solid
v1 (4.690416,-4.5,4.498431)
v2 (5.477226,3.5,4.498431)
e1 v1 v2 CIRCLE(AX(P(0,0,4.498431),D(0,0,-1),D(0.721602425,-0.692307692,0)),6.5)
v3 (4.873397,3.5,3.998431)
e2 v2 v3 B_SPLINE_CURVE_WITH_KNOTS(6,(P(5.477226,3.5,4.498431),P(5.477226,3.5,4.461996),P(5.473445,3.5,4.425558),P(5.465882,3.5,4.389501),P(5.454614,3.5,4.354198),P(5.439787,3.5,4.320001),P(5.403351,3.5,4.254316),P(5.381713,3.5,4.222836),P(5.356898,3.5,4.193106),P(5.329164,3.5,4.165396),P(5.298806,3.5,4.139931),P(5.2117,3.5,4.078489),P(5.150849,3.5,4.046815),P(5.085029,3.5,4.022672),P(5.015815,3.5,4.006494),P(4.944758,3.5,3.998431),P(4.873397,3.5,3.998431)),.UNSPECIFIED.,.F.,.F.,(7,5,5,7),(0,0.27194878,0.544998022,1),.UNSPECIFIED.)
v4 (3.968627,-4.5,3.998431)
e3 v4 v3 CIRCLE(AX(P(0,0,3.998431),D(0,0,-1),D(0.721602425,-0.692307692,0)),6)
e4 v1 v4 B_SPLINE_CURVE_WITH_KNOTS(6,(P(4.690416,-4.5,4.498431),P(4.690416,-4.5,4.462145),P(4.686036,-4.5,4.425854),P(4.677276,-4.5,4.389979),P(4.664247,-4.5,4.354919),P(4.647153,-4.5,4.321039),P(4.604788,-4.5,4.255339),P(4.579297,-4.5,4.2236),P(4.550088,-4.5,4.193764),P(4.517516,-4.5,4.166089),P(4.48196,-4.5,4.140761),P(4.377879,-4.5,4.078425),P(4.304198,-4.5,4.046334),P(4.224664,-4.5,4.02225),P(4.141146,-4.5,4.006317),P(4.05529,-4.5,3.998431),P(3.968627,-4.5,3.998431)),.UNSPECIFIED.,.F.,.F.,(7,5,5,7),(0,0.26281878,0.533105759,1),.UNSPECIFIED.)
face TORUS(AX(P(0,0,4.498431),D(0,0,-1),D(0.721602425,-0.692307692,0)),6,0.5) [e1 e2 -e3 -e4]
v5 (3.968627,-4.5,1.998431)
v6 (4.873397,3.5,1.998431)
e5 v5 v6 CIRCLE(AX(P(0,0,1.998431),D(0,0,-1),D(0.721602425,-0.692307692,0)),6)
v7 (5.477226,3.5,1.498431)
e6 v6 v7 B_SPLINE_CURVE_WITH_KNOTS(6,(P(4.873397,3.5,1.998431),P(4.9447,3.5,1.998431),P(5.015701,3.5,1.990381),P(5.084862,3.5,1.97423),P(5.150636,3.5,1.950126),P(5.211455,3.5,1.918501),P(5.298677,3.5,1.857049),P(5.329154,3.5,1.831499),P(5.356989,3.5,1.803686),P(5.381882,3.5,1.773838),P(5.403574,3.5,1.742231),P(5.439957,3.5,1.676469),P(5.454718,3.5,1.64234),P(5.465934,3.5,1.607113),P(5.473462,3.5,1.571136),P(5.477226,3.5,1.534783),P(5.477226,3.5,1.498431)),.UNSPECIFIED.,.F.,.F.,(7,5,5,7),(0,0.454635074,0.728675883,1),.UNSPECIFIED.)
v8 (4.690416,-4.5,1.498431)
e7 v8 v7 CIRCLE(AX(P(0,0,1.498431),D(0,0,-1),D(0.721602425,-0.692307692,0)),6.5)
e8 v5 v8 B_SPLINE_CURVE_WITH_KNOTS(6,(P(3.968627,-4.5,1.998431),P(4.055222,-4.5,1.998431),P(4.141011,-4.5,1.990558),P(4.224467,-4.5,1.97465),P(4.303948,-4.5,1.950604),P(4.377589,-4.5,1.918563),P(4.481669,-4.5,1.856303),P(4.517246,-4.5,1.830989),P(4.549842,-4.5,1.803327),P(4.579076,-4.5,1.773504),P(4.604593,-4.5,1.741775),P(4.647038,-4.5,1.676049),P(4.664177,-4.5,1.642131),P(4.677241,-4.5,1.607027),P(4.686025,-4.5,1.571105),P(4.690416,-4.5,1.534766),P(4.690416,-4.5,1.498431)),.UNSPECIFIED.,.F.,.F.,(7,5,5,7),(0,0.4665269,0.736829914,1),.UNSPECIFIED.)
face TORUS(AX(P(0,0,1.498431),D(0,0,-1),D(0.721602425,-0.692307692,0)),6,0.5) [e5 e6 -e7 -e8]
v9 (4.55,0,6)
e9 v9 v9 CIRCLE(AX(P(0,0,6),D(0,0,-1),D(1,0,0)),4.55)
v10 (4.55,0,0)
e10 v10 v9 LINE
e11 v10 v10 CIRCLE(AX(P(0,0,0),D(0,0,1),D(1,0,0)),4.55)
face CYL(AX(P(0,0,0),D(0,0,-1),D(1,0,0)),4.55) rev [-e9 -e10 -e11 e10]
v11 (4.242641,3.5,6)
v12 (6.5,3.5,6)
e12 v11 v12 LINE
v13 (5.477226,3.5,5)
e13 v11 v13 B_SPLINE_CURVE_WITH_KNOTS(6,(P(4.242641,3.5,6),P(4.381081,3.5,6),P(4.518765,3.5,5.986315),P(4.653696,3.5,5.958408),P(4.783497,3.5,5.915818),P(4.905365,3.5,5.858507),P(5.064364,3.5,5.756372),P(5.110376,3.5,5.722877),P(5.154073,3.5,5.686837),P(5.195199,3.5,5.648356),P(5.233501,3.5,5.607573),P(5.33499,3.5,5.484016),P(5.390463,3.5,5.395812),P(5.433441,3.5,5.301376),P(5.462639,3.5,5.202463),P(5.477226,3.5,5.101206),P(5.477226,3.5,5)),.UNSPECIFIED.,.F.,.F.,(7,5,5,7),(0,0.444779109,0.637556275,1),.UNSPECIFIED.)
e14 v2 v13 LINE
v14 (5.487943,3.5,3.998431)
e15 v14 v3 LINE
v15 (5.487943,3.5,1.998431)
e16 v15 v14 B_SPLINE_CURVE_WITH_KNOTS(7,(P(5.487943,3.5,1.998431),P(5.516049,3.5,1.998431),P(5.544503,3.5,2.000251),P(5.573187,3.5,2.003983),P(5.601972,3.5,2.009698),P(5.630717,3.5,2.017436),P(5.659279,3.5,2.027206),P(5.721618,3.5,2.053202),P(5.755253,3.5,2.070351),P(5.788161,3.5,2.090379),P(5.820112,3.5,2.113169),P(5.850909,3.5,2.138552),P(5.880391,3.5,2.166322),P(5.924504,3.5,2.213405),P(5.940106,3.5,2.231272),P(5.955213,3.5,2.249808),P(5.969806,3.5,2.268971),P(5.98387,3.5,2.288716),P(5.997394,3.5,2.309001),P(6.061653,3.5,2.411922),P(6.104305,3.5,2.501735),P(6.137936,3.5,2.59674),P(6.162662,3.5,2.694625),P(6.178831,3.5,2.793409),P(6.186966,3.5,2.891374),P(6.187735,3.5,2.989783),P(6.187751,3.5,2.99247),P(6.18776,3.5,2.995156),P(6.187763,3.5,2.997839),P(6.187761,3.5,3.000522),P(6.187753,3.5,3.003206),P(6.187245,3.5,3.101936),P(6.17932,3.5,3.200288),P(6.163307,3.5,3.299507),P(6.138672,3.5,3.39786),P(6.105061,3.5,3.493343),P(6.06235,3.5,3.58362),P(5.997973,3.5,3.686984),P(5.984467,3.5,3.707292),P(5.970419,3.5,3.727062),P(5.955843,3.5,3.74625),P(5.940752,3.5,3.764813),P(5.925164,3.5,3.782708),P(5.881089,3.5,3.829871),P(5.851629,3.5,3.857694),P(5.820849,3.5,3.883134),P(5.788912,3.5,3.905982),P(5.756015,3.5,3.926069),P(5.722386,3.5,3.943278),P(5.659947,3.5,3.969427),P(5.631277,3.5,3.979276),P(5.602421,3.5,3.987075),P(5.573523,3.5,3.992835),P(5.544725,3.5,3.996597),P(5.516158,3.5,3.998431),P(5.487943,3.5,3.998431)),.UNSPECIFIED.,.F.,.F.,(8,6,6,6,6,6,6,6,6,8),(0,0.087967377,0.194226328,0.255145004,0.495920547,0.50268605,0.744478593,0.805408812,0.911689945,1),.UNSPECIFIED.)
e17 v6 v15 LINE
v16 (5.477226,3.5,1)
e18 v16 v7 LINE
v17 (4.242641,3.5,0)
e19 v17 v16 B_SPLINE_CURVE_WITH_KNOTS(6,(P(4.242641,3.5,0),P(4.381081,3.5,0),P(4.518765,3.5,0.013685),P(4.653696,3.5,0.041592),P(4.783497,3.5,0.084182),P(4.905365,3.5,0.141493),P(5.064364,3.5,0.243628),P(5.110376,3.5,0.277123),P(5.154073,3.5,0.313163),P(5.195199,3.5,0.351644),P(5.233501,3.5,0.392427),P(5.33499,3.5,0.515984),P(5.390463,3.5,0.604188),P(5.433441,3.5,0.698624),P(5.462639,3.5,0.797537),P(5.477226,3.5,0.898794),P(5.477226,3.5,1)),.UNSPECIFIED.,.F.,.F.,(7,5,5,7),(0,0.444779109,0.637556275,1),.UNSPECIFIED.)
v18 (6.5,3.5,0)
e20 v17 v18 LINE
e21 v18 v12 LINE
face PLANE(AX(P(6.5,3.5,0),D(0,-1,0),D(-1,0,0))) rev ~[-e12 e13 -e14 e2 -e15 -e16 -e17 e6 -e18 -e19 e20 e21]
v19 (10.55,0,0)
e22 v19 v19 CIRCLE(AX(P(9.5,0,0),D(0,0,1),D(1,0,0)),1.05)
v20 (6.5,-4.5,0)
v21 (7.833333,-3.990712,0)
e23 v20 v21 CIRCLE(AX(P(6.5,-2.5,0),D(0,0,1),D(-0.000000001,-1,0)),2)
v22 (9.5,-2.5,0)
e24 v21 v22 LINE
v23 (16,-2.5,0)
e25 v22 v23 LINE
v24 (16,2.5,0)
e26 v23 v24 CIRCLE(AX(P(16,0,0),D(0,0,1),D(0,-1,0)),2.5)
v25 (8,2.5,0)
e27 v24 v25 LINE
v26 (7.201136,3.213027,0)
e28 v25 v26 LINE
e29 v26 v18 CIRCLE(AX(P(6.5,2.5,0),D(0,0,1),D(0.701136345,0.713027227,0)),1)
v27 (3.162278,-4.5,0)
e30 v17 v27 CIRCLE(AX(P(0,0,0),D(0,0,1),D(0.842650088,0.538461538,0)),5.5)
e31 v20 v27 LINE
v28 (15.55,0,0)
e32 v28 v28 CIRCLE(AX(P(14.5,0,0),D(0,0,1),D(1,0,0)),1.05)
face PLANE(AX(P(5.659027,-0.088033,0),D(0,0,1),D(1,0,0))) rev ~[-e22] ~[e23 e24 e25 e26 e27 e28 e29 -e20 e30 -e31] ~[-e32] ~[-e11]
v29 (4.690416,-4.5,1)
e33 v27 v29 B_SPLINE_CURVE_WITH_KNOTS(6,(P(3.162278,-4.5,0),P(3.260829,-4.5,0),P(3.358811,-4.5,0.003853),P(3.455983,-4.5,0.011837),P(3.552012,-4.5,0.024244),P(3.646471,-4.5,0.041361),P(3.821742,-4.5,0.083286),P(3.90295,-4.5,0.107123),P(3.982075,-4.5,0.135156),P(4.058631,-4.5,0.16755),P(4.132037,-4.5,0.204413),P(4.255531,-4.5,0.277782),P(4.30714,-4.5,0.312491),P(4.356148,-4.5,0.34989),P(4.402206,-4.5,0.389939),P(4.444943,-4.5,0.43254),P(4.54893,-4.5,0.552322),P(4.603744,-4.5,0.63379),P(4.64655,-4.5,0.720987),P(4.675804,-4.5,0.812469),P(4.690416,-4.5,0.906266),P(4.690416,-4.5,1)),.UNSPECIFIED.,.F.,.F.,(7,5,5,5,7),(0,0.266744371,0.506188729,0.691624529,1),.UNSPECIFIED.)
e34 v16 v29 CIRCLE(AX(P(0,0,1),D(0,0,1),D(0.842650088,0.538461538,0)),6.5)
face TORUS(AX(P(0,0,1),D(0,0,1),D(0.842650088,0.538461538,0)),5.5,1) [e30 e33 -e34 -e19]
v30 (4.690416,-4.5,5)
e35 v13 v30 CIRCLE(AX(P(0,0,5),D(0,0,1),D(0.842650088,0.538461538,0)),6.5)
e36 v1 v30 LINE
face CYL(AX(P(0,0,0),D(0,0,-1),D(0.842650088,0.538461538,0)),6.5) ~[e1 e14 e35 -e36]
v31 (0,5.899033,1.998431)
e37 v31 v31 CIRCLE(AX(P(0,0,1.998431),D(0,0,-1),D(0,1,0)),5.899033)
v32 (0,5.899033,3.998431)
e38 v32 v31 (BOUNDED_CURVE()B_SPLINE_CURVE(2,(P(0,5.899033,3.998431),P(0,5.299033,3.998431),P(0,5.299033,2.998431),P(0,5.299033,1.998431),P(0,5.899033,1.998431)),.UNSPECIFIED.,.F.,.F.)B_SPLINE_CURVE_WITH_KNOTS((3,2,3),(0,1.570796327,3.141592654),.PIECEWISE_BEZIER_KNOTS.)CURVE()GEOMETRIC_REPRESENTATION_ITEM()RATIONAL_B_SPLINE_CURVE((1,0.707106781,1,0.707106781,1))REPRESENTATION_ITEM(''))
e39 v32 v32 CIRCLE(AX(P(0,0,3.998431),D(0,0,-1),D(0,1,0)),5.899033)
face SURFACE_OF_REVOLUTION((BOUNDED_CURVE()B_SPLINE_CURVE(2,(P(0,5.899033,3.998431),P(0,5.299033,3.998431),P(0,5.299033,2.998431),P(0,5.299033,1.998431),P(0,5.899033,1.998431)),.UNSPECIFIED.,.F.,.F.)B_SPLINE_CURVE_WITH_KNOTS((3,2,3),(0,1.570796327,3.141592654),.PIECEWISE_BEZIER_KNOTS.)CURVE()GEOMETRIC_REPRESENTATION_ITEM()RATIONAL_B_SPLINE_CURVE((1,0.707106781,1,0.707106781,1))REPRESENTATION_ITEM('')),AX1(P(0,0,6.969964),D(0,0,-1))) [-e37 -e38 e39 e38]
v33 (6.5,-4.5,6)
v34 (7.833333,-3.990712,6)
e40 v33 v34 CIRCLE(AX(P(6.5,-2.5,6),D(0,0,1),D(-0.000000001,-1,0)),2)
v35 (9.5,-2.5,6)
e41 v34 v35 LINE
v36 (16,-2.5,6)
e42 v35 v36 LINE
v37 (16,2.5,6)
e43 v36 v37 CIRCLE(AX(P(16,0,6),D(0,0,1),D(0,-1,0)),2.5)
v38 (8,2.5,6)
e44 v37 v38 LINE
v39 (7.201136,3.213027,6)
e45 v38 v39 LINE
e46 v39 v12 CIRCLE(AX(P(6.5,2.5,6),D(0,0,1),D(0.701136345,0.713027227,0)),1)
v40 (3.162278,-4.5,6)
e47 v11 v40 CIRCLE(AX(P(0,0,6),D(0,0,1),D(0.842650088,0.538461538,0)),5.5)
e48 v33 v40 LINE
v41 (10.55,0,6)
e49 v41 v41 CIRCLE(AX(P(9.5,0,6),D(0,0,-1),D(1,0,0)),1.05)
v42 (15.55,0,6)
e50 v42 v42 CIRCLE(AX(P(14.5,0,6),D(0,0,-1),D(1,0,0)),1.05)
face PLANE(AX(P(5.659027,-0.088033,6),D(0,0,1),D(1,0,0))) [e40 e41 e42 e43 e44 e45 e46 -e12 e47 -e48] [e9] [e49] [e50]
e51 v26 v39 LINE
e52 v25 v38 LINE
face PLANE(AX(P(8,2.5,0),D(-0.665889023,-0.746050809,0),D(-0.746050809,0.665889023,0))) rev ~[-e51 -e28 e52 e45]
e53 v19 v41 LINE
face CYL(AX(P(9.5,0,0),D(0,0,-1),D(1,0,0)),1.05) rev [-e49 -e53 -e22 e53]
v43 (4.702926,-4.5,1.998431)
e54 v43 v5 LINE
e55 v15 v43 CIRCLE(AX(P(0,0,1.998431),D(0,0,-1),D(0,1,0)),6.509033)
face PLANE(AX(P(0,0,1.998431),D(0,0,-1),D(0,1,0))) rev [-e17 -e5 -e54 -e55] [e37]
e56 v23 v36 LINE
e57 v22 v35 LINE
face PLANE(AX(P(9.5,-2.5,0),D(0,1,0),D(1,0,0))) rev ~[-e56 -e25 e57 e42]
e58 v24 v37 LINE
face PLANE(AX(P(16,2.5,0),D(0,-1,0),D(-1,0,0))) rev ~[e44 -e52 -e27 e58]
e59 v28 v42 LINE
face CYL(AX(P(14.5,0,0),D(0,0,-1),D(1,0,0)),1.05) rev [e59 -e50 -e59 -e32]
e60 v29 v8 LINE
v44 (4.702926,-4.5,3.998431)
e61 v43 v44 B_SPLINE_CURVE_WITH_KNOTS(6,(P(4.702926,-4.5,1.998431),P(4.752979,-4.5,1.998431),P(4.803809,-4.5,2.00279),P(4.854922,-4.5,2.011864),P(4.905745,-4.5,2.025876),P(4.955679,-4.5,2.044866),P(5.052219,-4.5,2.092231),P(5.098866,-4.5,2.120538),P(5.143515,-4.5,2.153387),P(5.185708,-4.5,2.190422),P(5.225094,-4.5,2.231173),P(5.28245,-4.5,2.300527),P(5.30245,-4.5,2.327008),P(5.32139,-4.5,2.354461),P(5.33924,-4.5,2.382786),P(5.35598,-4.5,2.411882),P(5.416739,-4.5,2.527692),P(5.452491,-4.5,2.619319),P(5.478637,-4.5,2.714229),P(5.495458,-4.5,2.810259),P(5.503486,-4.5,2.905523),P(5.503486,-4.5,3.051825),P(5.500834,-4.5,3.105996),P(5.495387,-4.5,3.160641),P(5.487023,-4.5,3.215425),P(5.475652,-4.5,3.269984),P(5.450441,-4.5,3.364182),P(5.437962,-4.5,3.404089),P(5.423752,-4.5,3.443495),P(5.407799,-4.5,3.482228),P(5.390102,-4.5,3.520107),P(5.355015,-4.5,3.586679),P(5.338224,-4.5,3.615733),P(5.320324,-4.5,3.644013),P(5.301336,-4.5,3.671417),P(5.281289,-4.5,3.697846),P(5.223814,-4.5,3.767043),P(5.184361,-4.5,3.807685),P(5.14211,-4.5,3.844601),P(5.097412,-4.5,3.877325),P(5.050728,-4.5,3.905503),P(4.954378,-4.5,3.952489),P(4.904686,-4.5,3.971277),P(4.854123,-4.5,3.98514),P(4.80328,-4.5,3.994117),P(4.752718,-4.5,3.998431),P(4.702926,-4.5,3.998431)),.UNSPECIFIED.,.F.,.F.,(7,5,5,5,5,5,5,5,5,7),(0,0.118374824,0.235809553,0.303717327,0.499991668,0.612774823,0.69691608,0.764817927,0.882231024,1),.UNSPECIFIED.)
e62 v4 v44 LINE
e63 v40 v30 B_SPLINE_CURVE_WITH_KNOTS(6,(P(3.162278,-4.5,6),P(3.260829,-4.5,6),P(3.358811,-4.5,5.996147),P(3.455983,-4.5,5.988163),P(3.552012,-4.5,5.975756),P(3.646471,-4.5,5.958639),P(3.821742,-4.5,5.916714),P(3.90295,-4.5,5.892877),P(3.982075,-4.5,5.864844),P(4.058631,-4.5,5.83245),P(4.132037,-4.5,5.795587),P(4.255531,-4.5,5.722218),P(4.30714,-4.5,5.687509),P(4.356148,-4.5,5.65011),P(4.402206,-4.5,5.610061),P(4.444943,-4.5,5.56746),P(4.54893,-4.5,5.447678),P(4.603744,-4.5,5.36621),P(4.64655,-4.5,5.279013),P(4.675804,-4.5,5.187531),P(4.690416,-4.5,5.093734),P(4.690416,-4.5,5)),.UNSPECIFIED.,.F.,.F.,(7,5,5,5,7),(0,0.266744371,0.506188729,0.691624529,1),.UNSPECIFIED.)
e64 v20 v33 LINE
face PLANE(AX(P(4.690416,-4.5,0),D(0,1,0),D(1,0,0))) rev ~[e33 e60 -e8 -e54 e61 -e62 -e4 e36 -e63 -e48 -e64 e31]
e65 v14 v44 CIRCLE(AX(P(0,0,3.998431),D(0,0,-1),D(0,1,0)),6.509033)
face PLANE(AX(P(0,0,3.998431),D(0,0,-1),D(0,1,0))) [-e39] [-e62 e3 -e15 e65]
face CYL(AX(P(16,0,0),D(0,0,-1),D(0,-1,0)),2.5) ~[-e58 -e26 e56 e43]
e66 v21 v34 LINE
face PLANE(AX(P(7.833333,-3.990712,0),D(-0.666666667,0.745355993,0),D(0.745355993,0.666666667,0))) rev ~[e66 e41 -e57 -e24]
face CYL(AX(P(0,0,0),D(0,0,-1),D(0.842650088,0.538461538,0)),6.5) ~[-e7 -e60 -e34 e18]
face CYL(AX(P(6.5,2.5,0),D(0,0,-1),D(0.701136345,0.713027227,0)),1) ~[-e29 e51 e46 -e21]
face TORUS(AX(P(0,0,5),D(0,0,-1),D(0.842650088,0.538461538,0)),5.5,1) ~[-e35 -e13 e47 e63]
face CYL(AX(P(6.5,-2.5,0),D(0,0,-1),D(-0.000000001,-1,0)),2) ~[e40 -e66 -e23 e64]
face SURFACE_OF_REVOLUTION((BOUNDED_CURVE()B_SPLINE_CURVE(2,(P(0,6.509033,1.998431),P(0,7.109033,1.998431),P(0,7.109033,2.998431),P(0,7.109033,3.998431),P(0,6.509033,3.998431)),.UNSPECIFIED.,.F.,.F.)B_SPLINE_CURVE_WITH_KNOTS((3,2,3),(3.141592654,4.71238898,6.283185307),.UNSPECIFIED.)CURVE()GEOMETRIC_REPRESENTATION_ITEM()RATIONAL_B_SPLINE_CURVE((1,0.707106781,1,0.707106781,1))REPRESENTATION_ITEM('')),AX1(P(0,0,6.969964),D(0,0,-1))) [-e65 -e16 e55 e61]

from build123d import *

# Parameters (mm, degrees)
BOSS_EXTRUDE1_DEPTH = 6
SKETCH1_5_R         = 4.55
CUT_EXTRUDE2_DEPTH  = 21.506096654
SKETCH1_6_R         = 1.05
CUT_EXTRUDE3_DEPTH  = 21.506096654
FILLET1_R           = 1
FILLET3_R           = 0.5


with BuildPart() as part:
    # Sketch1 → Boss-Extrude1 (new body)
    with BuildSketch(Plane.XY):
        with BuildLine():
            Line((9.5, -2.5), (16, -2.5))
            ThreePointArc((16, -2.5), (18.5, 0), (16, 2.5))
            Line((16, 2.5), (8, 2.5))
            Line((8, 2.5), (7.201136344, 3.213027227))
            ThreePointArc((7.201136344, 3.213027227), (6.878795969, 3.425480207), (6.5, 3.5))
            Line((6.5, 3.5), (5.477225575, 3.5))
            ThreePointArc((5.477225575, 3.5), (-6.468789112, 0.636213346), (4.69041576, -4.5))
            Line((4.69041576, -4.5), (6.5, -4.5))
            ThreePointArc((6.5, -4.5), (7.21364418, -4.368344718), (7.833333333, -3.990711985))
            Line((7.833333333, -3.990711985), (9.5, -2.5))
        make_face()
    extrude(amount=BOSS_EXTRUDE1_DEPTH)

    # Sketch1<5> → Cut-Extrude2 (cut, through all)
    with BuildSketch(Plane.XY):
        Circle(SKETCH1_5_R)
    extrude(amount=CUT_EXTRUDE2_DEPTH, mode=Mode.SUBTRACT)

    # Sketch1<6> → Cut-Extrude3 (cut, through all)
    with BuildSketch(Plane.XY):
        with Locations((14.5, 0)):
            Circle(SKETCH1_6_R)
        with Locations((9.5, 0)):
            Circle(SKETCH1_6_R)
    extrude(amount=CUT_EXTRUDE3_DEPTH, mode=Mode.SUBTRACT)

    # Sketch5 → Cut-Revolve2 (revolve, cut)
    with BuildSketch(Plane(origin=(0, 0, 0), x_dir=(0, 0, -1), z_dir=(1, 0, 0))):
        with BuildLine():
            Line((-3.998431193, 6.509033472), (-3.998431193, 5.899033472))
            add(Edge.make_bspline(
                [(-3.998431193, 5.899033472), (-3.998431193, 5.299033472), (-2.998431193, 5.299033472), (-1.998431193, 5.299033472), (-1.998431193, 5.899033472)],
                knots=[0, 0, 0, 1.570796327, 1.570796327, 3.141592654, 3.141592654, 3.141592654], degree=2, weights=[1, 0.707106781, 1, 0.707106781, 1]))
            Line((-1.998431193, 5.899033472), (-1.998431193, 6.509033472))
            add(Edge.make_bspline(
                [(-1.998431193, 6.509033472), (-1.998431193, 7.109033472), (-2.998431193, 7.109033472), (-3.998431193, 7.109033472), (-3.998431193, 6.509033472)],
                knots=[3.141592654, 3.141592654, 3.141592654, 4.71238898, 4.71238898, 6.283185307, 6.283185307, 6.283185307], degree=2, weights=[1, 0.707106781, 1, 0.707106781, 1]))
        make_face()
    revolve(axis=Axis((0, 0, 6.969963605), (0, 0, -1)), mode=Mode.SUBTRACT)

    # Fillet1
    fillet1_edges = [part.edges().sort_by_distance(p)[0] for p in [
        (-6.468789112, 0.636213346, 0),
        (-6.468789112, 0.636213346, 6),
    ]]
    fillet(fillet1_edges, radius=FILLET1_R)

    # Fillet3
    fillet3_edges = [part.edges().sort_by_distance(p)[0] for p in [
        (-6.468789112, 0.636213346, 3.998431193),
        (-6.468789112, 0.636213346, 1.998431193),
    ]]
    fillet(fillet3_edges, radius=FILLET3_R)


solid = part.part
